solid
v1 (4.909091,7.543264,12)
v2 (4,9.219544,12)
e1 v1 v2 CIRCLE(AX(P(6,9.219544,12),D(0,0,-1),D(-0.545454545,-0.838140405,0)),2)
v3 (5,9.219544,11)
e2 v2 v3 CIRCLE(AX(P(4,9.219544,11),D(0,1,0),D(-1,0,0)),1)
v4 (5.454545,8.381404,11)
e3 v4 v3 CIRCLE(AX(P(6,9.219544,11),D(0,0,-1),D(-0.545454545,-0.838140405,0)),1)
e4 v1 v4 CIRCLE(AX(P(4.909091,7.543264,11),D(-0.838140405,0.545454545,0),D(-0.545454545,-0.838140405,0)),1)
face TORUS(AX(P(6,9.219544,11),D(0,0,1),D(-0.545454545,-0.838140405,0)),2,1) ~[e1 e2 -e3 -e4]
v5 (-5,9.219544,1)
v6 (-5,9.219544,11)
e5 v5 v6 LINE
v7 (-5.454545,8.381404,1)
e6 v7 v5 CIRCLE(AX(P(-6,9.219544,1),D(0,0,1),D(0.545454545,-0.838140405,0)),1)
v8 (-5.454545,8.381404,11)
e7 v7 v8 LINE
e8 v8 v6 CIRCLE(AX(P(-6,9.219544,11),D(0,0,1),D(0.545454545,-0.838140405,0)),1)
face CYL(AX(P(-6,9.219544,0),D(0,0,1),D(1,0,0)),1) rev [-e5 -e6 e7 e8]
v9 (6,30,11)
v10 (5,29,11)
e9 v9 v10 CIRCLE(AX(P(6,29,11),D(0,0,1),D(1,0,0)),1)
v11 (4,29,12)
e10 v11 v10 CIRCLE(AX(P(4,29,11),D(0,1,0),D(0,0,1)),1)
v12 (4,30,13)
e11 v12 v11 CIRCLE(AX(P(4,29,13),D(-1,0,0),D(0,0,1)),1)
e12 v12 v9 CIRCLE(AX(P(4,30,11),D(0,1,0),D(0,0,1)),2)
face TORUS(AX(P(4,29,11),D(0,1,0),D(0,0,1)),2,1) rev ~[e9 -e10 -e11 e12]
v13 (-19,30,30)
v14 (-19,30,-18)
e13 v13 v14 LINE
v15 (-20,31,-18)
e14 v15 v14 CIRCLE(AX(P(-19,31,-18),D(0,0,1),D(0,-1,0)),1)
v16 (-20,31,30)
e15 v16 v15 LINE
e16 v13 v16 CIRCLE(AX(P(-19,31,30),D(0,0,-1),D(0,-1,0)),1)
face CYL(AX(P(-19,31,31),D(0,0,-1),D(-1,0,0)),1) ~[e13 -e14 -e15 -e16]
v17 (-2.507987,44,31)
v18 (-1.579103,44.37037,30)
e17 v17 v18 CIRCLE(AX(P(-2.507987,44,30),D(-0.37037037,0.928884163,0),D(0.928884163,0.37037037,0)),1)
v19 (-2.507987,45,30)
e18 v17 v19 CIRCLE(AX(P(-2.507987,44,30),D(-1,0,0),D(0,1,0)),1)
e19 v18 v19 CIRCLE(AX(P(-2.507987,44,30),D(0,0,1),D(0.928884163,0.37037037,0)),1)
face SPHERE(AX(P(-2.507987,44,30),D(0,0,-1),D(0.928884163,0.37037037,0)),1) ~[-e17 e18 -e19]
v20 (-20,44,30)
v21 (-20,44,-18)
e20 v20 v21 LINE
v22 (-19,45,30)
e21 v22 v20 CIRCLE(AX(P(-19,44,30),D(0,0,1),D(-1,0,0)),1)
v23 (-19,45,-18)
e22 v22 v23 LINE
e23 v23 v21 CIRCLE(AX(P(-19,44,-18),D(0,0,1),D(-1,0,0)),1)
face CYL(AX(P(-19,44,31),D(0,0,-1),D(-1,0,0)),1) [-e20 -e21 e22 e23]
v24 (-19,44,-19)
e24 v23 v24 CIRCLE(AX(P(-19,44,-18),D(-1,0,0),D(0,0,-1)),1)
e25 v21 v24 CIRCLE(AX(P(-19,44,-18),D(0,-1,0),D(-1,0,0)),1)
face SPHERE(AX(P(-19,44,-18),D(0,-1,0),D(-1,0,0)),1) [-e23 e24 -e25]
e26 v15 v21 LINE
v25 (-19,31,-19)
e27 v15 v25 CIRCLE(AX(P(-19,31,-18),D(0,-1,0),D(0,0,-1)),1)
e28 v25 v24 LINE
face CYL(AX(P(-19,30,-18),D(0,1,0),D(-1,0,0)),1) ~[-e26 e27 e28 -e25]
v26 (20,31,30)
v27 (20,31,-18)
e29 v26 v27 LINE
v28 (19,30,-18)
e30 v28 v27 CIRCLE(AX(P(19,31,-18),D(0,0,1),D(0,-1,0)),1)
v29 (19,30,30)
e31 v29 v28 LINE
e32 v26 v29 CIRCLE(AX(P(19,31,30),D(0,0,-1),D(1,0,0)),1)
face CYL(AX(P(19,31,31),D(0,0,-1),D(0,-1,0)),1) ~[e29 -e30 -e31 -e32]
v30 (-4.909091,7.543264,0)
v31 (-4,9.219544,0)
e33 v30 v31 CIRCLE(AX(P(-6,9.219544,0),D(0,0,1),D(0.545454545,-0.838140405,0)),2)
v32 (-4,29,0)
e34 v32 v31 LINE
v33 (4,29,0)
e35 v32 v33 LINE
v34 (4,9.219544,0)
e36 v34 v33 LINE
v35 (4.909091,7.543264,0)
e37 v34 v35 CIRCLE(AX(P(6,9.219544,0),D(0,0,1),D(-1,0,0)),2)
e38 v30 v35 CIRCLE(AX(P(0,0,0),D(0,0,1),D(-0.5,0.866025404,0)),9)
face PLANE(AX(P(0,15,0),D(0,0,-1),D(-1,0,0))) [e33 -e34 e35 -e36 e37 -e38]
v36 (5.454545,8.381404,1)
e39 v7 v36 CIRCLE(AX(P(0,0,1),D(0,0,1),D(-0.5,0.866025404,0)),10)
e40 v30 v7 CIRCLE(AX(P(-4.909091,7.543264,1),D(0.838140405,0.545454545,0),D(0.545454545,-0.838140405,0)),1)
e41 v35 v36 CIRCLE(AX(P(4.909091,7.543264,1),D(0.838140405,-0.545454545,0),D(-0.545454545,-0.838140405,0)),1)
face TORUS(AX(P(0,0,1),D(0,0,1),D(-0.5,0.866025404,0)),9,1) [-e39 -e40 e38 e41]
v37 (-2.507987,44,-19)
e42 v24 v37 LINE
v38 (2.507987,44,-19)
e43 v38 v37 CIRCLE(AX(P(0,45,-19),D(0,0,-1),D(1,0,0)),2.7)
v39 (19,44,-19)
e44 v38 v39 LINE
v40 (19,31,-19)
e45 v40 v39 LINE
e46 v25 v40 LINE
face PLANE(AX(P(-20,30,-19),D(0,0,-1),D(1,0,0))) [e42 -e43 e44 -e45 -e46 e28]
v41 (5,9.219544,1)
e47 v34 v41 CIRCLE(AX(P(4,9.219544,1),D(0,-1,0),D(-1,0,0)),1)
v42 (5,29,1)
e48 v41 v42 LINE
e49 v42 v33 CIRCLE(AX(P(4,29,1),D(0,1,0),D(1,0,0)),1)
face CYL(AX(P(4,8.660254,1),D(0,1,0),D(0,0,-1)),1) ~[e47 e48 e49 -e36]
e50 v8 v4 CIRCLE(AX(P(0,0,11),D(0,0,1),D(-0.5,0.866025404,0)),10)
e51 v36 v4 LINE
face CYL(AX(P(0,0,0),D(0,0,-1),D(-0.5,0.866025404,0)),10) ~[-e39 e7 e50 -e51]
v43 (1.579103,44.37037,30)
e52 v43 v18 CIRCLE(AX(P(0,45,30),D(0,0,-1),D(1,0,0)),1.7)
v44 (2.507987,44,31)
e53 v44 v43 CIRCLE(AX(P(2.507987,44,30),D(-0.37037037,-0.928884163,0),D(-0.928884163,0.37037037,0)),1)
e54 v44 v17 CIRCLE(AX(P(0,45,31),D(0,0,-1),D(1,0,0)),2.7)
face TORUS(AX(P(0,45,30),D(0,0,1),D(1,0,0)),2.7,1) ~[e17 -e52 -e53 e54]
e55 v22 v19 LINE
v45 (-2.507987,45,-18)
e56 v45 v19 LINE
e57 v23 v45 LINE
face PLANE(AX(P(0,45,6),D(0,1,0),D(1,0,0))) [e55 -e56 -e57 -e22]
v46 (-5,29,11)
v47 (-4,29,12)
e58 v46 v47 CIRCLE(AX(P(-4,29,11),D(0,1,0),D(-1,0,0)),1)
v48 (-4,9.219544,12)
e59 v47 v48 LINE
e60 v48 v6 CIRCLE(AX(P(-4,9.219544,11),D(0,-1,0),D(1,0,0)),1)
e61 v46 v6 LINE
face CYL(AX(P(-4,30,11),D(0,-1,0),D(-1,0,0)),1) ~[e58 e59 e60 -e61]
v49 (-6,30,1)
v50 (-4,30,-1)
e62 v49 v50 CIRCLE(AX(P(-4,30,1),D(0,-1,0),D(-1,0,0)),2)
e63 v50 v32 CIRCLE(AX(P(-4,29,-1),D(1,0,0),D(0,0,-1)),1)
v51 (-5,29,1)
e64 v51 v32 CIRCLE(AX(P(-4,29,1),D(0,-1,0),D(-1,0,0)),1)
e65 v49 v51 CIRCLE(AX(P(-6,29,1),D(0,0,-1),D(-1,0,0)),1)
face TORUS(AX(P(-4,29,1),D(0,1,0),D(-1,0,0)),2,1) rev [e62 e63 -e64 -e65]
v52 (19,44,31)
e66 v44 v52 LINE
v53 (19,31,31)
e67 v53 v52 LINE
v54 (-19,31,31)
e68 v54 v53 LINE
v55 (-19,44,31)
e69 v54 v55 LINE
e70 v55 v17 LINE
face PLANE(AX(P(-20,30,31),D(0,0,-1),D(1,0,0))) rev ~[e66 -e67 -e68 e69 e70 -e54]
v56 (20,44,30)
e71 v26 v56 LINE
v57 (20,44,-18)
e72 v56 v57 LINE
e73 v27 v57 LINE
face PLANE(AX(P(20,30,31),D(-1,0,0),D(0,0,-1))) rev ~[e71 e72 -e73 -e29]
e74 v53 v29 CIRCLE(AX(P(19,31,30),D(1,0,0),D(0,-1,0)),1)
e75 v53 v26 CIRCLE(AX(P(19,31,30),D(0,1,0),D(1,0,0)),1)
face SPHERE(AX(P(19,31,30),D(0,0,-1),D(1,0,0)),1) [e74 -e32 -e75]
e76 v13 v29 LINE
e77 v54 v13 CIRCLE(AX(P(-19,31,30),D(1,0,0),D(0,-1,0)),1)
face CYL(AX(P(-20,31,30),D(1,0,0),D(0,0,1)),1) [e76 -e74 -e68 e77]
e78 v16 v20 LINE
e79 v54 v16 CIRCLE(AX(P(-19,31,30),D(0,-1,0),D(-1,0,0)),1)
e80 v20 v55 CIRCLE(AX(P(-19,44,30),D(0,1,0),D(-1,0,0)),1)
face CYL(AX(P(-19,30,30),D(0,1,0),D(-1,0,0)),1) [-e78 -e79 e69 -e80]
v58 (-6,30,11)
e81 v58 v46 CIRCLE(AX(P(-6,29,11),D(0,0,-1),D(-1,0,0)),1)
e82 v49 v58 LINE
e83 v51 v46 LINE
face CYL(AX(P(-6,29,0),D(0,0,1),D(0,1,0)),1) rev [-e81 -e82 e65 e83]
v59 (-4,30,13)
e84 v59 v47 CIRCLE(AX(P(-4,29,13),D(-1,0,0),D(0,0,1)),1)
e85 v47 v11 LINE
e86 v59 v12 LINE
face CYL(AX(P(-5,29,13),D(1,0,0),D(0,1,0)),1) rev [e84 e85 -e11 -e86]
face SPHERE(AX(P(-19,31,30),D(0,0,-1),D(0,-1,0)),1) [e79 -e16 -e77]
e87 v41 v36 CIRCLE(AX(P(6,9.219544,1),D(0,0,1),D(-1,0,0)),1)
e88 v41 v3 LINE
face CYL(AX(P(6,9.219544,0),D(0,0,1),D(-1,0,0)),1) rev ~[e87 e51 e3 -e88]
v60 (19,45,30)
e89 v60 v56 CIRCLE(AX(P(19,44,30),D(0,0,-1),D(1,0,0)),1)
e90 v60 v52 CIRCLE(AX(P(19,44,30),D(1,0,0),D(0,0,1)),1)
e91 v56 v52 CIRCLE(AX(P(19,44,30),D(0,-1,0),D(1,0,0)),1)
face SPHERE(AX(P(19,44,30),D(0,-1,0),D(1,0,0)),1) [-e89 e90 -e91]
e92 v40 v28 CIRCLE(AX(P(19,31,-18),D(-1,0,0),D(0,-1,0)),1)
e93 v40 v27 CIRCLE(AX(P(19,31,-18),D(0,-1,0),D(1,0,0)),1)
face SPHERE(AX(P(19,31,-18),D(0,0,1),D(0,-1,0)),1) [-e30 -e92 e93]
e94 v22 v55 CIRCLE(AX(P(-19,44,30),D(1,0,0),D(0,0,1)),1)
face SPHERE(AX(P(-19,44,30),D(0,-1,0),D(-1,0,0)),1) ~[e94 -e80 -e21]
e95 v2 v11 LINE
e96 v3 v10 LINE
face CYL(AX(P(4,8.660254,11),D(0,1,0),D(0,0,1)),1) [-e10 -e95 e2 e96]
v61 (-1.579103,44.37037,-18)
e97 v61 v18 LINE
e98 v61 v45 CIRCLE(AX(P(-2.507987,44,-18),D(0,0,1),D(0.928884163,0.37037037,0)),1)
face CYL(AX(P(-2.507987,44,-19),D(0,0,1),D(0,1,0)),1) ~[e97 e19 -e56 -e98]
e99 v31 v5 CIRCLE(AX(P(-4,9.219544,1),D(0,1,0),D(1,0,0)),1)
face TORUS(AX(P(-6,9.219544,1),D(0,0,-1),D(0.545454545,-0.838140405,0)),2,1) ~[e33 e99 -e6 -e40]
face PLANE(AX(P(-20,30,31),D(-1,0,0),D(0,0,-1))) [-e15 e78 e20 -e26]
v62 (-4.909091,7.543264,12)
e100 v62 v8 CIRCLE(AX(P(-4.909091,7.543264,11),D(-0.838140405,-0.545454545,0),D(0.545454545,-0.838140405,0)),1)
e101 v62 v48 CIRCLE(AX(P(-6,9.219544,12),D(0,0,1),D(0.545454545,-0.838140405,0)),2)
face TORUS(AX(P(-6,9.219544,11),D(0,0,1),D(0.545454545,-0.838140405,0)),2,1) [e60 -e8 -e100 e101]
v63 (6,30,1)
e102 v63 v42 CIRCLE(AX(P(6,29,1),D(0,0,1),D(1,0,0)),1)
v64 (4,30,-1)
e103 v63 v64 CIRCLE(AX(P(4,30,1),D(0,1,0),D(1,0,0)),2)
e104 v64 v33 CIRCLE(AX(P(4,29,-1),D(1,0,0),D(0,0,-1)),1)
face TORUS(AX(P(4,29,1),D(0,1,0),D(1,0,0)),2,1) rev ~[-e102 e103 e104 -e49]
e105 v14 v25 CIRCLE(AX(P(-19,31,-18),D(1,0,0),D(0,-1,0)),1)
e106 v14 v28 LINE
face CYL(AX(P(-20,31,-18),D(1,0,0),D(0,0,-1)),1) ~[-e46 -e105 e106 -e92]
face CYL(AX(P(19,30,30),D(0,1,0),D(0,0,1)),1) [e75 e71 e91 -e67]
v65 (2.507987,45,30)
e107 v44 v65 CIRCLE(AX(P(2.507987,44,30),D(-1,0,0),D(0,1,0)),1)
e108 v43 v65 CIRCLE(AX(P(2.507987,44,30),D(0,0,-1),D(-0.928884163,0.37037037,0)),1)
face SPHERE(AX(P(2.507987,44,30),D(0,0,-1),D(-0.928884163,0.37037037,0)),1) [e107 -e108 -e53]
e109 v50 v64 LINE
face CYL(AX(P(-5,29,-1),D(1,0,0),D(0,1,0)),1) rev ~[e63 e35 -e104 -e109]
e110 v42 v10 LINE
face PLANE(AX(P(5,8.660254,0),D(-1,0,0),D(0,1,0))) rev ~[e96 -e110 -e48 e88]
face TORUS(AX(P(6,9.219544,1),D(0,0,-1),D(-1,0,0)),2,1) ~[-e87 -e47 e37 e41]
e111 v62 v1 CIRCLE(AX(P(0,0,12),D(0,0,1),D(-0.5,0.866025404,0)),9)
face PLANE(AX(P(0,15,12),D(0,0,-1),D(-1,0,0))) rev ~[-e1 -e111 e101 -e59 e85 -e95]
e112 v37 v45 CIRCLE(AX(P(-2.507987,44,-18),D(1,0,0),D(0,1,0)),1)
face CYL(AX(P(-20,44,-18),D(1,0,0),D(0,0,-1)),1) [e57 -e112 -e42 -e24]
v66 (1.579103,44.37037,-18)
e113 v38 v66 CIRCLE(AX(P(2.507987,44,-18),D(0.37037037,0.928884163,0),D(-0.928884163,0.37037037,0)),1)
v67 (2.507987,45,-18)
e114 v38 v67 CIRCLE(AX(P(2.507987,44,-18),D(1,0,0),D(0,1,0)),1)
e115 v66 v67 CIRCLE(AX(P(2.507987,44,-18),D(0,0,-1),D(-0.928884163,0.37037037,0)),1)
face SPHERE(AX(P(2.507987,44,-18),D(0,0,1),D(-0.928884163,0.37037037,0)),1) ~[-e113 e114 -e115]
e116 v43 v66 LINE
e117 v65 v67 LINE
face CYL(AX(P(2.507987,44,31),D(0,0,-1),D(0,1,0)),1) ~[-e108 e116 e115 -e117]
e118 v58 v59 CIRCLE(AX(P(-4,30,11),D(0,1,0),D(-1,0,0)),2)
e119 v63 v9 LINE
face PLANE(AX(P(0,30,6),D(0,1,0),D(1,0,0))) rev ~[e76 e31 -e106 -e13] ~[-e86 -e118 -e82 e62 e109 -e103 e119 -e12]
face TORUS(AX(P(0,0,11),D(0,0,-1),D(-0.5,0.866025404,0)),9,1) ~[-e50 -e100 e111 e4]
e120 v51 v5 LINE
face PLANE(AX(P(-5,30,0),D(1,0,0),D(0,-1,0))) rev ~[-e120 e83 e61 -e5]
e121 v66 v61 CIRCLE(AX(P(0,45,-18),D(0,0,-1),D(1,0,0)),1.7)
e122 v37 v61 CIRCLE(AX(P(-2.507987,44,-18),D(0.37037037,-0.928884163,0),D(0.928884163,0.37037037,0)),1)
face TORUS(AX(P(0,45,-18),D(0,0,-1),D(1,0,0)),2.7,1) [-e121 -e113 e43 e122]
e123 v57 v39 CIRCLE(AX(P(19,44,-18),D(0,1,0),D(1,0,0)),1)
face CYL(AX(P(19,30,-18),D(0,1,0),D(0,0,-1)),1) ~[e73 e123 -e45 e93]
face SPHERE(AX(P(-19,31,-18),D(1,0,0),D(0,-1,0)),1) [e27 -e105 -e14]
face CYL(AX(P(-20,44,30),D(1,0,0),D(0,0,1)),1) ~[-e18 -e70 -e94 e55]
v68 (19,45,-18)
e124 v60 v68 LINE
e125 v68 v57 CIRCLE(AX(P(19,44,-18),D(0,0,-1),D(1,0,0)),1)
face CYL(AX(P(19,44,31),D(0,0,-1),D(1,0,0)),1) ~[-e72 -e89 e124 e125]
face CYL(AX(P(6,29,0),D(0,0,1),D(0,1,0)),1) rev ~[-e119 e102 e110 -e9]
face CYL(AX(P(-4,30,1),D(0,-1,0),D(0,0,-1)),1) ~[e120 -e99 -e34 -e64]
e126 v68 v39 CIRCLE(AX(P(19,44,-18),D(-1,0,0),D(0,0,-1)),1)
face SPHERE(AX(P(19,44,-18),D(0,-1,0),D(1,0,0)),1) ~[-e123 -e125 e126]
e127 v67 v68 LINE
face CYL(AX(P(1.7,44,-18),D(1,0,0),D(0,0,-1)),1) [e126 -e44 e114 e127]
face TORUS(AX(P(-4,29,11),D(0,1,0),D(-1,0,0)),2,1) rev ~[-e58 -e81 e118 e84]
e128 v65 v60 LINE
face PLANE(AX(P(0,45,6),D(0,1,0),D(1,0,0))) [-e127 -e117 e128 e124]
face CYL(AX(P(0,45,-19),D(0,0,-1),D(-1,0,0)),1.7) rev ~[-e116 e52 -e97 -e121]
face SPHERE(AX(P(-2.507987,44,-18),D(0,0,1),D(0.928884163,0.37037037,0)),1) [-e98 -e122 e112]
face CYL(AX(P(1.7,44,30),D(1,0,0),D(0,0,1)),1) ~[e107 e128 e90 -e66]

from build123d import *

# Parameters (mm, degrees)
EXTRUDE_1_DEPTH     = 12
SKETCH_2_W          = 40
SKETCH_2_H          = 50
EXTRUDE_2_DEPTH     = 15
SKETCH_3_R          = 1.7
CUT_EXTRUDE_2_DEPTH = 53
FILLET_1_R          = 1


with BuildPart() as part:
    # 草图1 → 凸台-拉伸1 (new body)
    with BuildSketch(Plane.XY):
        Polygon((5, 30), (5, 10), (5, 0), (0, 0), (-5, 0), (-5, 10), (-5, 30), align=None)
        with BuildLine():
            Line((-5, 0), (-5, 8.660254038))
            ThreePointArc((-5, 8.660254038), (0, -10), (5, 8.660254038))
            Line((5, 8.660254038), (5, 0))
            Line((5, 0), (0, 0))
            Line((0, 0), (-5, 0))
        make_face()
    extrude(amount=EXTRUDE_1_DEPTH)

    # 草图2 → 凸台-拉伸2 (add)
    with BuildSketch(Plane(origin=(0, 30, 0), x_dir=(1, 0, 0), z_dir=(0, 1, 0))):
        with Locations((0, -6)):
            Rectangle(SKETCH_2_W, SKETCH_2_H)
    extrude(amount=EXTRUDE_2_DEPTH)

    # 草图3 → 切除-拉伸2 (cut)
    with BuildSketch(Plane(origin=(0, 0, -19), x_dir=(-1, 0, 0), z_dir=(0, 0, -1))):
        with Locations((0, 45)):
            Circle(SKETCH_3_R)
    extrude(amount=-CUT_EXTRUDE_2_DEPTH, mode=Mode.SUBTRACT)

    # 圆角1
    fillet_1_edges = [part.edges().sort_by_distance(p)[0] for p in [
        (0, -10, 12),
        (5, 19.330127019, 12),
        (20, 30, 6),
        (20, 37.5, 31),
        (0, 30, -19),
        (20, 37.5, -19),
        (-20, 30, 6),
        (-20, 37.5, -19),
        (0, 30, 31),
        (-20, 37.5, 31),
        (20, 45, 6),
        (10.85, 45, -19),
        (-20, 45, 6),
        (-10.85, 45, 31),
        (0, 30, 12),
        (-10.85, 45, -19),
        (10.85, 45, 31),
        (-1.7, 45, 6),
        (1.7, 45, 6),
        (0, 43.3, 31),
        (0, 43.3, -19),
        (-5, 19.330127019, 12),
        (0, 30, 0),
        (5, 19.330127019, 0),
        (0, -10, 0),
        (-5, 19.330127019, 0),
        (-5, 30, 6),
        (5, 30, 6),
        (5, 8.660254038, 6),
        (-5, 8.660254038, 6),
    ]]
    fillet(fillet_1_edges, radius=FILLET_1_R)


solid = part.part
